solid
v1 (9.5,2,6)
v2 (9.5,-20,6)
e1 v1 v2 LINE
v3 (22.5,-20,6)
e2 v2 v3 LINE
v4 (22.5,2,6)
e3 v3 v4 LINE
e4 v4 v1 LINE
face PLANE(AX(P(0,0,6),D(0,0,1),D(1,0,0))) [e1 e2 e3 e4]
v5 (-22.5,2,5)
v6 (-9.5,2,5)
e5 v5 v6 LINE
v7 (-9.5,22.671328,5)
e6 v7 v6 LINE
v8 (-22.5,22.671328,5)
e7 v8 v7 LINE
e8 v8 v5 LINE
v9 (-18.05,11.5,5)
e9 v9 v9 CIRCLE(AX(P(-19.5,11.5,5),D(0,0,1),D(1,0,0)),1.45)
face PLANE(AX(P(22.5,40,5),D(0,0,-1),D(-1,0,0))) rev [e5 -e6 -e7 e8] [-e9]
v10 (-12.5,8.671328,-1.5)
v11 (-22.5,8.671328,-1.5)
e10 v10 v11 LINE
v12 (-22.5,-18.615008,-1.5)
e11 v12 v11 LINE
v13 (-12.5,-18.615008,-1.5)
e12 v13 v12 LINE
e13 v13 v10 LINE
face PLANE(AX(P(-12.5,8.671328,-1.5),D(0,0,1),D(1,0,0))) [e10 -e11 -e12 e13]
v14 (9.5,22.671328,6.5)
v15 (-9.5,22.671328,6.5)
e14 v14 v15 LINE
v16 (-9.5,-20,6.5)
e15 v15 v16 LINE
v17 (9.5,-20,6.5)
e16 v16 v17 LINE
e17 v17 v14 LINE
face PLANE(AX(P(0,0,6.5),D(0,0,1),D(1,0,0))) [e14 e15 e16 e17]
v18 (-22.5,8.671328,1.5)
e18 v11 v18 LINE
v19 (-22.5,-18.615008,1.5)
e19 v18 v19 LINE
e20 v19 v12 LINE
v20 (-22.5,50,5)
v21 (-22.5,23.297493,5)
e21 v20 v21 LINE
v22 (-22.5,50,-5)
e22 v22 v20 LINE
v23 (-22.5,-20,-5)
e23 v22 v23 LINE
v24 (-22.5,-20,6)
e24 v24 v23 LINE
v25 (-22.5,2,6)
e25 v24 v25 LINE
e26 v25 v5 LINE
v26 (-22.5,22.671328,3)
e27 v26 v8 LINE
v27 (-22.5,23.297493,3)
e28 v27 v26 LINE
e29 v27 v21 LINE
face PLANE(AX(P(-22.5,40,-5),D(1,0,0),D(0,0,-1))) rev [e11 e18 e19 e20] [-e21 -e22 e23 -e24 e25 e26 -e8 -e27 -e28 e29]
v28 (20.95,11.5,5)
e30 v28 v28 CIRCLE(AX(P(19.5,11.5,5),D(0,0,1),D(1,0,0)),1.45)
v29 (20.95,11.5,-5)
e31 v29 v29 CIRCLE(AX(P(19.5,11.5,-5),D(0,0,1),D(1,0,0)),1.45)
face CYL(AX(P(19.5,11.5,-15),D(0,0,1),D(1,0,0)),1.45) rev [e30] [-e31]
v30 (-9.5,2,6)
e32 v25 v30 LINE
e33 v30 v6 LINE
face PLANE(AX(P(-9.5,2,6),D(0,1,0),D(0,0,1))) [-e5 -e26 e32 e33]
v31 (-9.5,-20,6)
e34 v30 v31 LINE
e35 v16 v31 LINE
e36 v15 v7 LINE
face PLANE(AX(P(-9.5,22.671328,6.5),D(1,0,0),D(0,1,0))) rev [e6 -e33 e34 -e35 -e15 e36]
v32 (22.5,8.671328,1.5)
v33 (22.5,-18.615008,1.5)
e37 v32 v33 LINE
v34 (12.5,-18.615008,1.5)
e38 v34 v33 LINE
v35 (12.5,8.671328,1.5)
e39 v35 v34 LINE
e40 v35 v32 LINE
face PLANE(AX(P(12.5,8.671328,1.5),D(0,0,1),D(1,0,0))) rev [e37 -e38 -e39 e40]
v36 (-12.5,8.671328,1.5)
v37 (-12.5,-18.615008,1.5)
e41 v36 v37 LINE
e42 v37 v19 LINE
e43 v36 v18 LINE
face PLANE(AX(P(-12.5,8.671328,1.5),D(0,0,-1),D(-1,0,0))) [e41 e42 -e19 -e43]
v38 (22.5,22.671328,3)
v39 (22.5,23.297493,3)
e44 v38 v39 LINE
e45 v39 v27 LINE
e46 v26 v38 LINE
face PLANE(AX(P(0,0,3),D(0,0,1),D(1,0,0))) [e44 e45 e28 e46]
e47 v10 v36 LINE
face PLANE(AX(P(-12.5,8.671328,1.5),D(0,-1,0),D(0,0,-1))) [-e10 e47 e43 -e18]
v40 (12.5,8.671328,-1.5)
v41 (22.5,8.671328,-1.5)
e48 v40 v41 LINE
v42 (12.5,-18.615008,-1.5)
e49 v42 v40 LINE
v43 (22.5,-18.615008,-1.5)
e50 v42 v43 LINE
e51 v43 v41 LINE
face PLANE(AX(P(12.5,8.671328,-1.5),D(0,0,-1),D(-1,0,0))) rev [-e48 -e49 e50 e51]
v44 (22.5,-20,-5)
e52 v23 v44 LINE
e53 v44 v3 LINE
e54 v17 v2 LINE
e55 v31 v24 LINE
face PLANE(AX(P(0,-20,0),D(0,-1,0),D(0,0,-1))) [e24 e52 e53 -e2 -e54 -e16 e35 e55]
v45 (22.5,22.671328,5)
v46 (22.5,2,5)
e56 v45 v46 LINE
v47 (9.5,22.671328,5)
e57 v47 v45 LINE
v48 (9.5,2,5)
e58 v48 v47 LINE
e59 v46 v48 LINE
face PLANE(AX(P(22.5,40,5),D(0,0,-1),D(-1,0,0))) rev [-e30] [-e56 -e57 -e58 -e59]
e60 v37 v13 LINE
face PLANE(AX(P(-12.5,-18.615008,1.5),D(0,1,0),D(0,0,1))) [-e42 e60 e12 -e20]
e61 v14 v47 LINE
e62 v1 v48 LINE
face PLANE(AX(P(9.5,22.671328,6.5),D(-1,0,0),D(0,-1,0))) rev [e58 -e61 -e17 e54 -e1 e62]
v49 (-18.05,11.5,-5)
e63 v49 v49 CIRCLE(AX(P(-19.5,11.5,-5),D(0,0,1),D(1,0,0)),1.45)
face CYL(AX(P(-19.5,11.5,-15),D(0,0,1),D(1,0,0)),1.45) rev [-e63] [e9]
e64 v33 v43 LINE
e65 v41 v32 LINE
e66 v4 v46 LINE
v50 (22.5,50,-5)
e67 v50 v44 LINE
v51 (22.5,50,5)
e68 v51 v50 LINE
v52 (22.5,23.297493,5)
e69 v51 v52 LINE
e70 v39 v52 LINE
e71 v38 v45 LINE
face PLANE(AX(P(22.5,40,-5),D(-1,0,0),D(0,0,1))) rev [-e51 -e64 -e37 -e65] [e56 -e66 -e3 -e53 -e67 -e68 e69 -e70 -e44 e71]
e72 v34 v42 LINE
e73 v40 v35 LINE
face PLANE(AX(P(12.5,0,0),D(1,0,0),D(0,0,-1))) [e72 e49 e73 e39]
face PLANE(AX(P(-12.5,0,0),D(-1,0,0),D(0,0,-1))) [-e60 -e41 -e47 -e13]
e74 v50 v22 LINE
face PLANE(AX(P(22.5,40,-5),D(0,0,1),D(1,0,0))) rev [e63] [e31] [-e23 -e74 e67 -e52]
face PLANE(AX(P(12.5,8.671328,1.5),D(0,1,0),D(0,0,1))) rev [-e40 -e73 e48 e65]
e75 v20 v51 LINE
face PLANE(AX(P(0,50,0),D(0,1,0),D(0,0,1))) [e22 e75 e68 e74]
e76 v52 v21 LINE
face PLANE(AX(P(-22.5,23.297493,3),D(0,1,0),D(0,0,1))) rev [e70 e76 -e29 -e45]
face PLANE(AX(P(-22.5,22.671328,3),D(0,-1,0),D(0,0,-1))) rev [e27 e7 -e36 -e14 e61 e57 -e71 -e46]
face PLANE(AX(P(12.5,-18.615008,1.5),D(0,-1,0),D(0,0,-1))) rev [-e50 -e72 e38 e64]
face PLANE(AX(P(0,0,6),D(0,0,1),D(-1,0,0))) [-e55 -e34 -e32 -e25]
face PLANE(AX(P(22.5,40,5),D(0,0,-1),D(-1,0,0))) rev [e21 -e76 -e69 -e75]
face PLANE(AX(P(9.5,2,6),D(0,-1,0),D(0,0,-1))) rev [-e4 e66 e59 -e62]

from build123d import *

# Parameters (mm, degrees)
SKETCH2_W           = 45
SKETCH2_H           = 10
BOSS_EXTRUDE1_DEPTH = 40
SKETCH4_W           = 45
SKETCH4_H           = 10
BOSS_EXTRUDE2_DEPTH = 10
SKETCH8_W           = 45
SKETCH8_H           = 10
BOSS_EXTRUDE3_DEPTH = 20
SKETCH9_R           = 1.45
CUT_EXTRUDE2_DEPTH  = 20
SKETCH10_W          = 45
SKETCH10_H          = 0.626165357
CUT_EXTRUDE3_DEPTH  = 2
SKETCH11_W          = 19
SKETCH11_H          = 42.671327575
BOSS_EXTRUDE4_DEPTH = 1.5
SKETCH12_W          = 3
SKETCH12_H          = 27.286335608
CUT_EXTRUDE6_DEPTH  = 10
SKETCH13_W          = 13
SKETCH13_H          = 22
BOSS_EXTRUDE5_DEPTH = 1


with BuildPart() as part:
    # Sketch2 → Boss-Extrude1 (new body)
    with BuildSketch(Plane(origin=(0, 0, 0), x_dir=(1, 0, 0), z_dir=(0, 1, 0))):
        Rectangle(SKETCH2_W, SKETCH2_H)
    extrude(amount=BOSS_EXTRUDE1_DEPTH)

    # Sketch4 → Boss-Extrude2 (add)
    with BuildSketch(Plane(origin=(0, 40, 0), x_dir=(1, 0, 0), z_dir=(0, 1, 0))):
        Rectangle(SKETCH4_W, SKETCH4_H)
    extrude(amount=BOSS_EXTRUDE2_DEPTH)

    # Sketch8 → Boss-Extrude3 (add)
    with BuildSketch(Plane.XZ):
        Rectangle(SKETCH8_W, SKETCH8_H)
    extrude(amount=BOSS_EXTRUDE3_DEPTH)

    # Sketch9 → Cut-Extrude2 (cut)
    with BuildSketch(Plane.XY.offset(5)):
        with Locations((19.5, 11.5)):
            Circle(SKETCH9_R)
        with Locations((-19.5, 11.5)):
            Circle(SKETCH9_R)
    extrude(amount=-CUT_EXTRUDE2_DEPTH, mode=Mode.SUBTRACT)

    # Sketch10 → Cut-Extrude3 (cut)
    with BuildSketch(Plane.XY.offset(5)):
        with Locations((0, 22.984410254)):
            Rectangle(SKETCH10_W, SKETCH10_H)
    extrude(amount=-CUT_EXTRUDE3_DEPTH, mode=Mode.SUBTRACT)

    # Sketch11 → Boss-Extrude4 (add)
    with BuildSketch(Plane.XY.offset(5)):
        with Locations((0, 1.335663788)):
            Rectangle(SKETCH11_W, SKETCH11_H)
    extrude(amount=BOSS_EXTRUDE4_DEPTH)

    # Sketch12 → Cut-Extrude6 (cut)
    with BuildSketch(Plane(origin=(22.5, 0, 0), x_dir=(0, 0, -1), z_dir=(1, 0, 0))):
        with Locations((0, -4.971840229)):
            Rectangle(SKETCH12_W, SKETCH12_H)
    cut_extrude6 = extrude(amount=-CUT_EXTRUDE6_DEPTH, mode=Mode.SUBTRACT)

    # Sketch13 → Boss-Extrude5 (add)
    with BuildSketch(Plane.XY.offset(5)):
        with Locations((16, -9)):
            Rectangle(SKETCH13_W, SKETCH13_H)
    boss_extrude5 = extrude(amount=BOSS_EXTRUDE5_DEPTH)

    # Mirror1: Cut-Extrude6 across plane
    add(cut_extrude6.mirror(Plane(origin=(0, 0, 0), x_dir=(0, 0, 1), z_dir=(1, 0, 0))), mode=Mode.SUBTRACT)

    # Mirror2: Boss-Extrude5 across plane
    add(boss_extrude5.mirror(Plane(origin=(0, 0, 0), x_dir=(0, 0, 1), z_dir=(1, 0, 0))))


solid = part.part
